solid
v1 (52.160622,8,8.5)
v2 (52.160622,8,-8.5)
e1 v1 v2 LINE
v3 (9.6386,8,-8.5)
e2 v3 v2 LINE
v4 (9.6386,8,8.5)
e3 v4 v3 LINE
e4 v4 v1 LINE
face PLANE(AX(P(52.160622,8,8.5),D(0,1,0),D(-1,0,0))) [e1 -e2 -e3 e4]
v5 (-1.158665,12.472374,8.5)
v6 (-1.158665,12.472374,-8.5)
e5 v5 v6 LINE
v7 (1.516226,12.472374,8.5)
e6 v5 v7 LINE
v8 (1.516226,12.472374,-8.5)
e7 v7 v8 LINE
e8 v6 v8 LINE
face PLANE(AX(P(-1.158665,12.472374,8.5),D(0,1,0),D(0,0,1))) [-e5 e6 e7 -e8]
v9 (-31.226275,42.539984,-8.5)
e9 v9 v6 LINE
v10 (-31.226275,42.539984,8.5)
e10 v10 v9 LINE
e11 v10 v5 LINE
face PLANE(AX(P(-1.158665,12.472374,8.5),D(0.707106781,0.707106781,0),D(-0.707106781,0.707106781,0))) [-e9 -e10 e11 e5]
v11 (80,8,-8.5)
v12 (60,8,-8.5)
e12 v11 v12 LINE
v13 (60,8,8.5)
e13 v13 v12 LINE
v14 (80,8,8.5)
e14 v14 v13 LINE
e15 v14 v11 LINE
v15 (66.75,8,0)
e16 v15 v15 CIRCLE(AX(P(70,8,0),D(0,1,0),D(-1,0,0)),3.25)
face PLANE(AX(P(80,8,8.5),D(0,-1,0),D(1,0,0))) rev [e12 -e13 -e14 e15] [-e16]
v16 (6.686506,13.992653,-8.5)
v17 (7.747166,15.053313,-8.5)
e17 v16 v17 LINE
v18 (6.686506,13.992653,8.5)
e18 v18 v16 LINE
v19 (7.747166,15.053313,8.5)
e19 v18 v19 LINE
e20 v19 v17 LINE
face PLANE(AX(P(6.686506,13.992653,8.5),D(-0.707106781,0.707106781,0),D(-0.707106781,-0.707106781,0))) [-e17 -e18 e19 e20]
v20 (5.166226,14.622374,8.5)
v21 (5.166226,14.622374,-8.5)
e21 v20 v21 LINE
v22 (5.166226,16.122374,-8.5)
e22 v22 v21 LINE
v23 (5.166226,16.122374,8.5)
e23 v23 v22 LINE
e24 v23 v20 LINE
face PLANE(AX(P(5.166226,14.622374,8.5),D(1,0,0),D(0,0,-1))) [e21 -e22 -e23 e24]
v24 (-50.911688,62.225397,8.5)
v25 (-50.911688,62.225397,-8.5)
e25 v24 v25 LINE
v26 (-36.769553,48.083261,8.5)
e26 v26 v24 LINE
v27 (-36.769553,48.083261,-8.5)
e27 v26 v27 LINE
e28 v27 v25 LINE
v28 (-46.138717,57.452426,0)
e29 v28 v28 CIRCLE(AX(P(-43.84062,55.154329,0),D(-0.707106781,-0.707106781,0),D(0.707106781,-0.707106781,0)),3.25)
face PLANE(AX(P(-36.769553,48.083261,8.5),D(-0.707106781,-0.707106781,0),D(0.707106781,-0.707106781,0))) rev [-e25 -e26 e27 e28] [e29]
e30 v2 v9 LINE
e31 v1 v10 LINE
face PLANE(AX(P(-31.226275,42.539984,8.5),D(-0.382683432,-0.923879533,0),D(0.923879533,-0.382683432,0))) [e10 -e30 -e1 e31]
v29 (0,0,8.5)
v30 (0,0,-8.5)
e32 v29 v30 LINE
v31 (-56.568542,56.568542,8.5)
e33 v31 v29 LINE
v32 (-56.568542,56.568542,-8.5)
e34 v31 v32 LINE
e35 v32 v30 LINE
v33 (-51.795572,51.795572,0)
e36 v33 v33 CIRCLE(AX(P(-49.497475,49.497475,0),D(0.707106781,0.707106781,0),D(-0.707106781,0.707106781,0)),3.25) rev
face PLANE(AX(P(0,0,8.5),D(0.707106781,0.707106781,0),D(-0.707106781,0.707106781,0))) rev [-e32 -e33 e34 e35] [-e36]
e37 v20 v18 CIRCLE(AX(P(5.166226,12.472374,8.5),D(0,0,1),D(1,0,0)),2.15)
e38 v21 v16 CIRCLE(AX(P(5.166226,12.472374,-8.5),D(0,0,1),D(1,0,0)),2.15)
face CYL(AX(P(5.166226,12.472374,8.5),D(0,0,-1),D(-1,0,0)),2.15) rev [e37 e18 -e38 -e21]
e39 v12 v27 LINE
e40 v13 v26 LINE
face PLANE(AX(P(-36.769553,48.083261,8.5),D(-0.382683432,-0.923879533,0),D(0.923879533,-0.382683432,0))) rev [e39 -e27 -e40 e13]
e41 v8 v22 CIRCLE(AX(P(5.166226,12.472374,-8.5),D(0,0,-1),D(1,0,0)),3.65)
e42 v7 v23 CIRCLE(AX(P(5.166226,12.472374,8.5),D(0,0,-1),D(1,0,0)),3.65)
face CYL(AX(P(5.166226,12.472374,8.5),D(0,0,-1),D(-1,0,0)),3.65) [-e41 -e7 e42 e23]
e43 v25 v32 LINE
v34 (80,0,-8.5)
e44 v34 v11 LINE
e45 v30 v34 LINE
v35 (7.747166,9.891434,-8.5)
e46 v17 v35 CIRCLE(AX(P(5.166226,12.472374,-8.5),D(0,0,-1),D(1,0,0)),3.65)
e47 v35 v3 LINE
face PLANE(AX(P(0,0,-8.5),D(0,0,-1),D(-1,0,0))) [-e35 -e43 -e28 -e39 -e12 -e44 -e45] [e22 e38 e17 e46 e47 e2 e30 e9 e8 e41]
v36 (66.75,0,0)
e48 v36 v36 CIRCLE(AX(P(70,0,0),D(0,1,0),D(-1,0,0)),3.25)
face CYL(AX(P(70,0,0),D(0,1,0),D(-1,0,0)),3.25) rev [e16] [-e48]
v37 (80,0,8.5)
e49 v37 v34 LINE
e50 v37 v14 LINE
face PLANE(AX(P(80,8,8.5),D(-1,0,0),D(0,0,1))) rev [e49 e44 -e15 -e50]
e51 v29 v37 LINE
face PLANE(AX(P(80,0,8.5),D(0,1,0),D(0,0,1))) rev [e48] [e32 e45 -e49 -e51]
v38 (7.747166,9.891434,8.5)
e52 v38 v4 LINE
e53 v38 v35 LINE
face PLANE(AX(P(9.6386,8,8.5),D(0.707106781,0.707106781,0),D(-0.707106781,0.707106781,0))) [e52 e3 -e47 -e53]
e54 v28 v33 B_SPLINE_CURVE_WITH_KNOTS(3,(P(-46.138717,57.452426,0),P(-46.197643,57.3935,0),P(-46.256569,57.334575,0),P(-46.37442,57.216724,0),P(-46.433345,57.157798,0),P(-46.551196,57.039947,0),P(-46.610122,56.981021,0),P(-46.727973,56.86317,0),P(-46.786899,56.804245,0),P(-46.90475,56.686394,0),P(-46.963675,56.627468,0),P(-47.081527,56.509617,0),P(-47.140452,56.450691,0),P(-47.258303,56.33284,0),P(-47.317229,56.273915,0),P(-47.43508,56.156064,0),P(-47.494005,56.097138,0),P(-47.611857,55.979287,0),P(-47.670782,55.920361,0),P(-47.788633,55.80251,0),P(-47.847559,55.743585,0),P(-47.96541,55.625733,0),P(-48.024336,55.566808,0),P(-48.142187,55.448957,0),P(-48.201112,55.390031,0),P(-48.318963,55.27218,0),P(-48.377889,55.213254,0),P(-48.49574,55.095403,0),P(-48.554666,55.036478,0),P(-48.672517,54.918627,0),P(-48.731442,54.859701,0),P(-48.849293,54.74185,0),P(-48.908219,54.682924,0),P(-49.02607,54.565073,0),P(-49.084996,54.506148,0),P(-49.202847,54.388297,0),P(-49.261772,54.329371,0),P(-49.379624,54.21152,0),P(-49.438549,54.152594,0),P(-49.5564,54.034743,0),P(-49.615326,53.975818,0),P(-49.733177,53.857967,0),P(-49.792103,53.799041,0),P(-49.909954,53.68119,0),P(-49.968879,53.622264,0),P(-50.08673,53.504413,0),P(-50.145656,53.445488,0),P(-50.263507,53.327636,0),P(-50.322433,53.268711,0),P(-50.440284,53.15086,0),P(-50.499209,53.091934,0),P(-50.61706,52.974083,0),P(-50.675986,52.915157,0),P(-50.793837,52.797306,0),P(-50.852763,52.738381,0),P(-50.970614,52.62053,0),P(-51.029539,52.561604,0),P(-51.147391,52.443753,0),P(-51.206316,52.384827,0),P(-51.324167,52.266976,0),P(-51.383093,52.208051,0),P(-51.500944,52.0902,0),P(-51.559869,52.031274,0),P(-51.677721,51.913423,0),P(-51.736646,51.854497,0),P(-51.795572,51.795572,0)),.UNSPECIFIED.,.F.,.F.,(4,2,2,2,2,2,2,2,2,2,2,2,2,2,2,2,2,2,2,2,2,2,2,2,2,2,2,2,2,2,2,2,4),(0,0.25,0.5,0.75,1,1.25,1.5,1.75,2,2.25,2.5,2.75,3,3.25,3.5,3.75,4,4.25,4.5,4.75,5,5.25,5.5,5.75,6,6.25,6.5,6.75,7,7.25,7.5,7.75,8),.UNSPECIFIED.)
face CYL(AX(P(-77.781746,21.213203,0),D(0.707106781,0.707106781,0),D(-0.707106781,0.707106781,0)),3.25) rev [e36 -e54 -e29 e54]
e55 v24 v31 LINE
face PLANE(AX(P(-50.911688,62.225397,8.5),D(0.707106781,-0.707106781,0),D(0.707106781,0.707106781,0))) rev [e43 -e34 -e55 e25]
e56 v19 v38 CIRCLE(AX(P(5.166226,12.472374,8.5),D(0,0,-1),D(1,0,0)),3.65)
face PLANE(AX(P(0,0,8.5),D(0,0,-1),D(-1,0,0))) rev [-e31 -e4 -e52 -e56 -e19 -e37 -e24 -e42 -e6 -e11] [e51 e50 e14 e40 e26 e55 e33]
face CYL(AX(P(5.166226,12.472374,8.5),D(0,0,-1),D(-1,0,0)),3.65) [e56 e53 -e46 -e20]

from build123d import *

# Parameters (mm, degrees)
EXTRUDE_1_DEPTH     = 8.5
SKETCH_3_R          = 3.25
CUT_EXTRUDE_1_DEPTH = 98.018779894


with BuildPart() as part:
    # 草图1 → 凸台-拉伸1 (new, symmetric)
    with BuildSketch(Plane.XY):
        Polygon((80, 0), (0, 0), (-56.568542495, 56.568542495), (-50.911688245, 62.225396744), (-36.769552622, 48.083261121), (60, 8), (80, 8), align=None)
        with BuildLine():
            Line((52.160622211, 8), (9.638600026, 8))
            Line((9.638600026, 8), (7.747166088, 9.891433938))
            ThreePointArc((7.747166088, 9.891433938), (8.816226337, 12.472373689), (7.747166088, 15.05331344))
            Line((7.747166088, 15.05331344), (6.686505916, 13.992653268))
            ThreePointArc((6.686505916, 13.992653268), (4.343456957, 10.486032694), (5.166226337, 14.622373689))
            Line((5.166226337, 14.622373689), (5.166226337, 16.122373689))
            ThreePointArc((5.166226337, 16.122373689), (2.585286586, 15.05331344), (1.516226337, 12.472373689))
            Line((1.516226337, 12.472373689), (-1.15866519, 12.472373689))
            Line((-1.15866519, 12.472373689), (-31.226275427, 42.539983926))
            Line((-31.226275427, 42.539983926), (52.160622211, 8))
        make_face(mode=Mode.SUBTRACT)
    extrude(amount=EXTRUDE_1_DEPTH, both=True)

    # 草图3 → 切除-拉伸1 (cut, through all)
    with BuildSketch(Plane(origin=(0, 8, 0), x_dir=(1, 0, 0), z_dir=(0, 1, 0))):
        with Locations(Location((70, 0, 0), (0, 0, 180))):
            Circle(SKETCH_3_R)
    cut_extrude_1 = extrude(amount=-CUT_EXTRUDE_1_DEPTH, mode=Mode.SUBTRACT)

    # 镜向1: 切除-拉伸1 across plane
    add(cut_extrude_1.mirror(Plane(origin=(0, 0, 0), x_dir=(0, 0, 1), z_dir=(-0.9238795325112867, 0.3826834323650898, 0))), mode=Mode.SUBTRACT)


solid = part.part
